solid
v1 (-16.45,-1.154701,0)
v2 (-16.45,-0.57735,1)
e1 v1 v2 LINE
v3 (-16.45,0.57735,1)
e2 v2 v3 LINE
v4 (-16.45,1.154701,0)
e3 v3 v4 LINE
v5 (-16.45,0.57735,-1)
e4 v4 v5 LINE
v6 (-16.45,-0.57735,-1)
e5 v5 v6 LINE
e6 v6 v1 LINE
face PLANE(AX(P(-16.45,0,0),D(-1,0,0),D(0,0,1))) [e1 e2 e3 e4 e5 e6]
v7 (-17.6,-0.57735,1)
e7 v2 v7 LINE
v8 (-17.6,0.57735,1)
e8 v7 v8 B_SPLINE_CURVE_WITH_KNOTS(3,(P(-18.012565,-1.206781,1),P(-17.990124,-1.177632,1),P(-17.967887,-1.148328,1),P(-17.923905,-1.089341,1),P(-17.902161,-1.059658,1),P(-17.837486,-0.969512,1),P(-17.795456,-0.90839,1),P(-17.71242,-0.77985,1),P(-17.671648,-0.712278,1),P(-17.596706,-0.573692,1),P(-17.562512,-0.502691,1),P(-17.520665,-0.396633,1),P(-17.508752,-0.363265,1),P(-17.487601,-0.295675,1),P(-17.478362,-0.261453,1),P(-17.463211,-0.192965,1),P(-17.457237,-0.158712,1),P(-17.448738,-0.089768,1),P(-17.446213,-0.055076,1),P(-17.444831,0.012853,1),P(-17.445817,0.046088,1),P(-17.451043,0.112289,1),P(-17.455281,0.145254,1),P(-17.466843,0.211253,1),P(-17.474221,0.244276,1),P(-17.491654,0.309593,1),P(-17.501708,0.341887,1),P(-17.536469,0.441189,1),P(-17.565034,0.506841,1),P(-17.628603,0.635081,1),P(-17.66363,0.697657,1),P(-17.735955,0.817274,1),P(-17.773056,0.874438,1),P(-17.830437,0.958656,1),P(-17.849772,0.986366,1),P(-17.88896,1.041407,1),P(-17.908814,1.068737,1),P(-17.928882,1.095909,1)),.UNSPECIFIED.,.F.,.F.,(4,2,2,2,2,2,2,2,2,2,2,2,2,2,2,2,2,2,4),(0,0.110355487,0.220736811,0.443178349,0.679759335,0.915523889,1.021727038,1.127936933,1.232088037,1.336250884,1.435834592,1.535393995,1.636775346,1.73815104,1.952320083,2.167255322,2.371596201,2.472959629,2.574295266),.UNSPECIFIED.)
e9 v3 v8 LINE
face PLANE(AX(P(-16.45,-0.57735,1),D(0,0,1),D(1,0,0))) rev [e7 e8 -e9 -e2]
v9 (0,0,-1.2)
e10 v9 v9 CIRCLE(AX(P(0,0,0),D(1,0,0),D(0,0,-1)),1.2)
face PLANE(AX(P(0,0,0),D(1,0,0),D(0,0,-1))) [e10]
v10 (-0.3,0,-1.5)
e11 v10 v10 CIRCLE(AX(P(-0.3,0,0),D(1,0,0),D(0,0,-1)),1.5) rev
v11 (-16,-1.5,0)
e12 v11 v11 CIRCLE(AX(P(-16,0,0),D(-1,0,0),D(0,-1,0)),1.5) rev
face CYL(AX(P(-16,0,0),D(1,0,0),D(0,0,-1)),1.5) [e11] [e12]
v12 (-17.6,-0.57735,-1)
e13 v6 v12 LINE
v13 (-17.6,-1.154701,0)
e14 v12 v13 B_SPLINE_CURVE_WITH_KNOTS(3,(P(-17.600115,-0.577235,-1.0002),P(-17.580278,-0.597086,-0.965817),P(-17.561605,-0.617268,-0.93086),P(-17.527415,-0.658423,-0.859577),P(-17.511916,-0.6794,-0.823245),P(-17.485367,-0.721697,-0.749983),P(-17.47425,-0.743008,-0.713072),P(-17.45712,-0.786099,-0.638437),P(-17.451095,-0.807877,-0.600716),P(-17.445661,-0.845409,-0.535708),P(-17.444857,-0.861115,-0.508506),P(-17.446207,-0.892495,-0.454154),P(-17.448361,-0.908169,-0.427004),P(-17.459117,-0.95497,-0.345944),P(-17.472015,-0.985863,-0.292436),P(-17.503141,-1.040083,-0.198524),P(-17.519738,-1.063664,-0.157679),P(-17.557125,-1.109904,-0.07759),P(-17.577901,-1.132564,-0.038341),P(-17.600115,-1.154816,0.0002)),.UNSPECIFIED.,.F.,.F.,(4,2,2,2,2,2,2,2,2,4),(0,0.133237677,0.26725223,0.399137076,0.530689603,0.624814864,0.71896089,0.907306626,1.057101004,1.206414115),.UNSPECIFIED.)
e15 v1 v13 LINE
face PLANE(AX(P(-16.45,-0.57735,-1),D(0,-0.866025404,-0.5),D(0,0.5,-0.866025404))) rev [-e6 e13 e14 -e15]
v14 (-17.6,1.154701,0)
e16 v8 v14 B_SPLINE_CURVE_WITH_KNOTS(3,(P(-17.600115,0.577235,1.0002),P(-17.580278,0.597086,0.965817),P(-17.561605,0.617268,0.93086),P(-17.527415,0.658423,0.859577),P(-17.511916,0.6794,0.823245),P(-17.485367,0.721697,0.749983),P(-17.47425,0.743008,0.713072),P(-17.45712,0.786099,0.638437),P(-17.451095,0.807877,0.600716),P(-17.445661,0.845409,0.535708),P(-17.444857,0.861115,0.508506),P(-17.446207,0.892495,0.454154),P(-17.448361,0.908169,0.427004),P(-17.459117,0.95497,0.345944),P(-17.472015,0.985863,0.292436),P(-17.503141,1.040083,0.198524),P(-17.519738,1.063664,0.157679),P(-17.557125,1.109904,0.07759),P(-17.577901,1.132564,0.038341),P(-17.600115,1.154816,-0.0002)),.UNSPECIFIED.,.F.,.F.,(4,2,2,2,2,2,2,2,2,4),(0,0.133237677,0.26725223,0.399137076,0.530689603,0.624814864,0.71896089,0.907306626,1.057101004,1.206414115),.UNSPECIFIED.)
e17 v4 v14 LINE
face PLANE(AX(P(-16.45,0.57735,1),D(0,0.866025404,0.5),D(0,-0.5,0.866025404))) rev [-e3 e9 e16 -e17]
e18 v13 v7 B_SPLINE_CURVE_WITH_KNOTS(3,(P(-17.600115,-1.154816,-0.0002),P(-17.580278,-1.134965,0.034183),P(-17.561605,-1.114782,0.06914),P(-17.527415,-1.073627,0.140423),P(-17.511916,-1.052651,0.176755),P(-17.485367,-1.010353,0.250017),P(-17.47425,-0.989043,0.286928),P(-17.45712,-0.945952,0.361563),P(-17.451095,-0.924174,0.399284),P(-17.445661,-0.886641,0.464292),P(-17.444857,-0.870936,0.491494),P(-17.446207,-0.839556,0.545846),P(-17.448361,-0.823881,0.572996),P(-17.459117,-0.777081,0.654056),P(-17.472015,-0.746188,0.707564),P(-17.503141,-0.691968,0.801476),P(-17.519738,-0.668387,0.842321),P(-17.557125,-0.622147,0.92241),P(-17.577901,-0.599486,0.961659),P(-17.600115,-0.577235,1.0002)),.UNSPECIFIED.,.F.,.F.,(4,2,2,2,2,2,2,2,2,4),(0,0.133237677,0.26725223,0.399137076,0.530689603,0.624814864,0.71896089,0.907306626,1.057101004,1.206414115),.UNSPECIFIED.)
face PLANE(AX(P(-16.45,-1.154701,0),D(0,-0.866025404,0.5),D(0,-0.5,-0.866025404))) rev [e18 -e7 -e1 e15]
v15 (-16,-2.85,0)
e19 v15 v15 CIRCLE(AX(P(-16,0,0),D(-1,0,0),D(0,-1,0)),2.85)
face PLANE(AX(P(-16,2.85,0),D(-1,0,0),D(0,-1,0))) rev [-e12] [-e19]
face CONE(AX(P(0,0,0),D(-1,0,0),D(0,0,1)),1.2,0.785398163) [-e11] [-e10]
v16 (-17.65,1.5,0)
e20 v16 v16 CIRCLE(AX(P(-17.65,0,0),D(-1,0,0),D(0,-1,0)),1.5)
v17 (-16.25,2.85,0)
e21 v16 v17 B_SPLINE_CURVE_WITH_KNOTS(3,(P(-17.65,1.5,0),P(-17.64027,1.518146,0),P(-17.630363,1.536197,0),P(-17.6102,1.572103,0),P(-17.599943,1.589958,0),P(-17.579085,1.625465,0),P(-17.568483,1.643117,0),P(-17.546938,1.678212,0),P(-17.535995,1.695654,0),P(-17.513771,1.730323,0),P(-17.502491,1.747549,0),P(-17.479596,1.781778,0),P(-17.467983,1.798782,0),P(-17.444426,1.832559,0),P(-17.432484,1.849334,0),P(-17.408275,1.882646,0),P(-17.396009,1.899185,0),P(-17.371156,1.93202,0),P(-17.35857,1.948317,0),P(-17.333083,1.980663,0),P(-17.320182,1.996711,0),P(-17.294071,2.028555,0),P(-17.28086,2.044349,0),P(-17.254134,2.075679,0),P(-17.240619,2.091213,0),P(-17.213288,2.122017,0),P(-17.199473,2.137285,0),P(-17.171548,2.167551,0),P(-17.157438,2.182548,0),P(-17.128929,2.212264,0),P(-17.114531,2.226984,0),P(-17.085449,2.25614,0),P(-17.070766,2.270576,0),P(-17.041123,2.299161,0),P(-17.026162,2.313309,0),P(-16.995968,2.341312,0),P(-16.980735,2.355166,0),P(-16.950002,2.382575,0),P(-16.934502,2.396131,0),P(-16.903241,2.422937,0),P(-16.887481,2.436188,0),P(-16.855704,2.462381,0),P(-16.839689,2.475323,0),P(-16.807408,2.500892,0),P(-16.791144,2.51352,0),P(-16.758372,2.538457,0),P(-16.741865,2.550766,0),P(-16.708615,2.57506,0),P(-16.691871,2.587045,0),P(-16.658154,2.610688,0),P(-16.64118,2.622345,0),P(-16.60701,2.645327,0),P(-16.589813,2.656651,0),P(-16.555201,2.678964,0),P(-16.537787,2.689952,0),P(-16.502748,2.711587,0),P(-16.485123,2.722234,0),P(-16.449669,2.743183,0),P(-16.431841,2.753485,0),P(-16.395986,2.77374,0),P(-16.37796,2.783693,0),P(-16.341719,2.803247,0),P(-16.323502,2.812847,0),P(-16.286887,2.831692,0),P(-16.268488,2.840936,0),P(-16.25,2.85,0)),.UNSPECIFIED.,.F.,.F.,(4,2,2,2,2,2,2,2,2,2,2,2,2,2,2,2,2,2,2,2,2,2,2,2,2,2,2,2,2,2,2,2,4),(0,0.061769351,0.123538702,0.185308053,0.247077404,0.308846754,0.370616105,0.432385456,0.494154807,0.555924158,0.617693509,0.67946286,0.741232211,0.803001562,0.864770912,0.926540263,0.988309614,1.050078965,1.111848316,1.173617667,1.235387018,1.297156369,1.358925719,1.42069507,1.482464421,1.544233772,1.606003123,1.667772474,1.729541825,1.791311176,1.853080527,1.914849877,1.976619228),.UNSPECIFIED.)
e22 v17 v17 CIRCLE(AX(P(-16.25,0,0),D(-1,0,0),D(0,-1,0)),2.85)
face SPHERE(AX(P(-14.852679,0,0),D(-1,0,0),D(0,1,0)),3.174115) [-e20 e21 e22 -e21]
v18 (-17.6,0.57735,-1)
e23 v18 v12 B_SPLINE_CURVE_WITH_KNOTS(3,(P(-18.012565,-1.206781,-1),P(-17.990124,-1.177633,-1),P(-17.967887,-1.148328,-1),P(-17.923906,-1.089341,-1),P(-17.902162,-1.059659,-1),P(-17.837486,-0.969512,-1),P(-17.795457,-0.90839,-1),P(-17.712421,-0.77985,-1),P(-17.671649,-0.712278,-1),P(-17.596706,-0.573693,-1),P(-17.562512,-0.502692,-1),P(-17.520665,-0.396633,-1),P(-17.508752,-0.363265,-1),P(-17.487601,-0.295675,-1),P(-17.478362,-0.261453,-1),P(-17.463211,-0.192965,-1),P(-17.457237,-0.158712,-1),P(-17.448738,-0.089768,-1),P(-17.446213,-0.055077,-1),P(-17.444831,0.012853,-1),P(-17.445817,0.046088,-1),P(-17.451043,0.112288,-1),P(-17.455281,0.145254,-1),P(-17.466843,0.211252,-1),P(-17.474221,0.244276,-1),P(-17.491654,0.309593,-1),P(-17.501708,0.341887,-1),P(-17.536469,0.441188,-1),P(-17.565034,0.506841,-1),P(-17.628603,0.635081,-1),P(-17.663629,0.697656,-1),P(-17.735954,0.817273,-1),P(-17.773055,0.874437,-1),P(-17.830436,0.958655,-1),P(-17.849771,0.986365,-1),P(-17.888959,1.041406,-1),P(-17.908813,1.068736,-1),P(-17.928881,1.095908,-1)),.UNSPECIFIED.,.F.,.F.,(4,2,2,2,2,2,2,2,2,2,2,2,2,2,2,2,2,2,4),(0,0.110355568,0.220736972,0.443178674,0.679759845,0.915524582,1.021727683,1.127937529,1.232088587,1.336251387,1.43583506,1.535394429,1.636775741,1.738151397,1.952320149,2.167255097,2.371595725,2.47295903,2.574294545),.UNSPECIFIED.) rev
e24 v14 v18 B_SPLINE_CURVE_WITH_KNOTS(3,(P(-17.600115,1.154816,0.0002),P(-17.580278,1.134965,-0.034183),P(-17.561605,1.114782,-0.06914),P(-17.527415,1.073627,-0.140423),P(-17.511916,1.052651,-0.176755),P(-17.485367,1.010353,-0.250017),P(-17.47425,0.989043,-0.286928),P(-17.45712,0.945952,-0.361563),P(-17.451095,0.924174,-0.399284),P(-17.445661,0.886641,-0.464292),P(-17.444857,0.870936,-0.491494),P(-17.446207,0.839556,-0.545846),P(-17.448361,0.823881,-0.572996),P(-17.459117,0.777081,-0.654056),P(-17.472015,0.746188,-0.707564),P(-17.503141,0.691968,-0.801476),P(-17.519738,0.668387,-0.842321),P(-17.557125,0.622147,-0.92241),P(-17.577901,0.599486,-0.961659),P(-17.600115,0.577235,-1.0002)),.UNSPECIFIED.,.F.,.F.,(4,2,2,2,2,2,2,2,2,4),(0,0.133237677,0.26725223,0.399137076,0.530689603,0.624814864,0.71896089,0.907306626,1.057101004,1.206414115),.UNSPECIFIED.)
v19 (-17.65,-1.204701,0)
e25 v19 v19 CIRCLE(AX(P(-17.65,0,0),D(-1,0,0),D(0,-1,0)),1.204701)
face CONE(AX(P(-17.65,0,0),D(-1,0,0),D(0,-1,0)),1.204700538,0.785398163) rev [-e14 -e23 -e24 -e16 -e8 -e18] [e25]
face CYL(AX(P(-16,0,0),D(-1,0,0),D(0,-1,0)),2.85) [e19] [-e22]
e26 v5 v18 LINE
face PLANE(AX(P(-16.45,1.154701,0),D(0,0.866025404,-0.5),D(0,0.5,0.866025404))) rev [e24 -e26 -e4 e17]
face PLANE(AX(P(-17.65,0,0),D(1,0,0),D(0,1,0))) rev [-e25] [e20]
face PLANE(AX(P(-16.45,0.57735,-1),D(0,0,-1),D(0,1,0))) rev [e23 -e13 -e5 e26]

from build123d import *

# Parameters (mm, degrees)
SKETCH2_R           = 1.5
BOSS_EXTRUDE1_DEPTH = 16
CHAMFER1_SIZE       = 0.3
CUT_EXTRUDE1_DEPTH  = 1.2
SKETCH8_R           = 1.204700538
CUT_EXTRUDE2_DEPTH  = 1
CUT_EXTRUDE2_DRAFT  = -45


with BuildPart() as part:
    # Sketch2 → Boss-Extrude1 (new body)
    with BuildSketch(Plane(origin=(0, 0, 0), x_dir=(0, 0, -1), z_dir=(1, 0, 0))):
        Circle(SKETCH2_R)
    extrude(amount=-BOSS_EXTRUDE1_DEPTH)

    # Chamfer1
    chamfer1_edges = [part.edges().sort_by_distance(p)[0] for p in [
        (0, 0, 1.5),
    ]]
    chamfer(chamfer1_edges, length=CHAMFER1_SIZE)

    # Sketch6 → Revolve1 (revolve)
    with BuildSketch(Plane.XY):
        with BuildLine():
            Line((-17.65, 0), (-17.65, 1.5))
            ThreePointArc((-17.65, 1.5), (-17.055944823, 2.284868705), (-16.25, 2.85))
            Line((-16.25, 2.85), (-16, 2.85))
            Line((-16, 2.85), (-16, 0))
            Line((-16, 0), (-17.65, 0))
        make_face()
    revolve(axis=Axis((-16, 0, 0), (1, 0, 0)))

    # Sketch7 → Cut-Extrude1 (cut)
    with BuildSketch(Plane.ZY.offset(17.65)):
        Polygon((0, 1.154700538), (-1, 0.577350269), (-1, -0.577350269), (0, -1.154700538), (1, -0.577350269), (1, 0.577350269), align=None)
    extrude(amount=-CUT_EXTRUDE1_DEPTH, mode=Mode.SUBTRACT)


with BuildPart() as cut_extrude2_tool:
    # Sketch8 → Cut-Extrude2 (with draft: the straight prism first)
    with BuildSketch(Plane.ZY.offset(17.65)):
        Circle(SKETCH8_R)
    extrude(amount=-CUT_EXTRUDE2_DEPTH)
    # Cut-Extrude2: the draft: its side faces are tilted about the plane it starts from
    cut_extrude2_sides = [cut_extrude2_tool.faces().sort_by_distance(p)[0] for p in [
        (-17.15, 0, -1.204700538),
    ]]
    draft(cut_extrude2_sides, Plane.ZY.offset(17.65), CUT_EXTRUDE2_DRAFT)


with BuildPart() as part_1:
    add(part.part)

    # Cut-Extrude2: cut by cut_extrude2_tool
    add(cut_extrude2_tool.part, mode=Mode.SUBTRACT)


solid = part_1.part
